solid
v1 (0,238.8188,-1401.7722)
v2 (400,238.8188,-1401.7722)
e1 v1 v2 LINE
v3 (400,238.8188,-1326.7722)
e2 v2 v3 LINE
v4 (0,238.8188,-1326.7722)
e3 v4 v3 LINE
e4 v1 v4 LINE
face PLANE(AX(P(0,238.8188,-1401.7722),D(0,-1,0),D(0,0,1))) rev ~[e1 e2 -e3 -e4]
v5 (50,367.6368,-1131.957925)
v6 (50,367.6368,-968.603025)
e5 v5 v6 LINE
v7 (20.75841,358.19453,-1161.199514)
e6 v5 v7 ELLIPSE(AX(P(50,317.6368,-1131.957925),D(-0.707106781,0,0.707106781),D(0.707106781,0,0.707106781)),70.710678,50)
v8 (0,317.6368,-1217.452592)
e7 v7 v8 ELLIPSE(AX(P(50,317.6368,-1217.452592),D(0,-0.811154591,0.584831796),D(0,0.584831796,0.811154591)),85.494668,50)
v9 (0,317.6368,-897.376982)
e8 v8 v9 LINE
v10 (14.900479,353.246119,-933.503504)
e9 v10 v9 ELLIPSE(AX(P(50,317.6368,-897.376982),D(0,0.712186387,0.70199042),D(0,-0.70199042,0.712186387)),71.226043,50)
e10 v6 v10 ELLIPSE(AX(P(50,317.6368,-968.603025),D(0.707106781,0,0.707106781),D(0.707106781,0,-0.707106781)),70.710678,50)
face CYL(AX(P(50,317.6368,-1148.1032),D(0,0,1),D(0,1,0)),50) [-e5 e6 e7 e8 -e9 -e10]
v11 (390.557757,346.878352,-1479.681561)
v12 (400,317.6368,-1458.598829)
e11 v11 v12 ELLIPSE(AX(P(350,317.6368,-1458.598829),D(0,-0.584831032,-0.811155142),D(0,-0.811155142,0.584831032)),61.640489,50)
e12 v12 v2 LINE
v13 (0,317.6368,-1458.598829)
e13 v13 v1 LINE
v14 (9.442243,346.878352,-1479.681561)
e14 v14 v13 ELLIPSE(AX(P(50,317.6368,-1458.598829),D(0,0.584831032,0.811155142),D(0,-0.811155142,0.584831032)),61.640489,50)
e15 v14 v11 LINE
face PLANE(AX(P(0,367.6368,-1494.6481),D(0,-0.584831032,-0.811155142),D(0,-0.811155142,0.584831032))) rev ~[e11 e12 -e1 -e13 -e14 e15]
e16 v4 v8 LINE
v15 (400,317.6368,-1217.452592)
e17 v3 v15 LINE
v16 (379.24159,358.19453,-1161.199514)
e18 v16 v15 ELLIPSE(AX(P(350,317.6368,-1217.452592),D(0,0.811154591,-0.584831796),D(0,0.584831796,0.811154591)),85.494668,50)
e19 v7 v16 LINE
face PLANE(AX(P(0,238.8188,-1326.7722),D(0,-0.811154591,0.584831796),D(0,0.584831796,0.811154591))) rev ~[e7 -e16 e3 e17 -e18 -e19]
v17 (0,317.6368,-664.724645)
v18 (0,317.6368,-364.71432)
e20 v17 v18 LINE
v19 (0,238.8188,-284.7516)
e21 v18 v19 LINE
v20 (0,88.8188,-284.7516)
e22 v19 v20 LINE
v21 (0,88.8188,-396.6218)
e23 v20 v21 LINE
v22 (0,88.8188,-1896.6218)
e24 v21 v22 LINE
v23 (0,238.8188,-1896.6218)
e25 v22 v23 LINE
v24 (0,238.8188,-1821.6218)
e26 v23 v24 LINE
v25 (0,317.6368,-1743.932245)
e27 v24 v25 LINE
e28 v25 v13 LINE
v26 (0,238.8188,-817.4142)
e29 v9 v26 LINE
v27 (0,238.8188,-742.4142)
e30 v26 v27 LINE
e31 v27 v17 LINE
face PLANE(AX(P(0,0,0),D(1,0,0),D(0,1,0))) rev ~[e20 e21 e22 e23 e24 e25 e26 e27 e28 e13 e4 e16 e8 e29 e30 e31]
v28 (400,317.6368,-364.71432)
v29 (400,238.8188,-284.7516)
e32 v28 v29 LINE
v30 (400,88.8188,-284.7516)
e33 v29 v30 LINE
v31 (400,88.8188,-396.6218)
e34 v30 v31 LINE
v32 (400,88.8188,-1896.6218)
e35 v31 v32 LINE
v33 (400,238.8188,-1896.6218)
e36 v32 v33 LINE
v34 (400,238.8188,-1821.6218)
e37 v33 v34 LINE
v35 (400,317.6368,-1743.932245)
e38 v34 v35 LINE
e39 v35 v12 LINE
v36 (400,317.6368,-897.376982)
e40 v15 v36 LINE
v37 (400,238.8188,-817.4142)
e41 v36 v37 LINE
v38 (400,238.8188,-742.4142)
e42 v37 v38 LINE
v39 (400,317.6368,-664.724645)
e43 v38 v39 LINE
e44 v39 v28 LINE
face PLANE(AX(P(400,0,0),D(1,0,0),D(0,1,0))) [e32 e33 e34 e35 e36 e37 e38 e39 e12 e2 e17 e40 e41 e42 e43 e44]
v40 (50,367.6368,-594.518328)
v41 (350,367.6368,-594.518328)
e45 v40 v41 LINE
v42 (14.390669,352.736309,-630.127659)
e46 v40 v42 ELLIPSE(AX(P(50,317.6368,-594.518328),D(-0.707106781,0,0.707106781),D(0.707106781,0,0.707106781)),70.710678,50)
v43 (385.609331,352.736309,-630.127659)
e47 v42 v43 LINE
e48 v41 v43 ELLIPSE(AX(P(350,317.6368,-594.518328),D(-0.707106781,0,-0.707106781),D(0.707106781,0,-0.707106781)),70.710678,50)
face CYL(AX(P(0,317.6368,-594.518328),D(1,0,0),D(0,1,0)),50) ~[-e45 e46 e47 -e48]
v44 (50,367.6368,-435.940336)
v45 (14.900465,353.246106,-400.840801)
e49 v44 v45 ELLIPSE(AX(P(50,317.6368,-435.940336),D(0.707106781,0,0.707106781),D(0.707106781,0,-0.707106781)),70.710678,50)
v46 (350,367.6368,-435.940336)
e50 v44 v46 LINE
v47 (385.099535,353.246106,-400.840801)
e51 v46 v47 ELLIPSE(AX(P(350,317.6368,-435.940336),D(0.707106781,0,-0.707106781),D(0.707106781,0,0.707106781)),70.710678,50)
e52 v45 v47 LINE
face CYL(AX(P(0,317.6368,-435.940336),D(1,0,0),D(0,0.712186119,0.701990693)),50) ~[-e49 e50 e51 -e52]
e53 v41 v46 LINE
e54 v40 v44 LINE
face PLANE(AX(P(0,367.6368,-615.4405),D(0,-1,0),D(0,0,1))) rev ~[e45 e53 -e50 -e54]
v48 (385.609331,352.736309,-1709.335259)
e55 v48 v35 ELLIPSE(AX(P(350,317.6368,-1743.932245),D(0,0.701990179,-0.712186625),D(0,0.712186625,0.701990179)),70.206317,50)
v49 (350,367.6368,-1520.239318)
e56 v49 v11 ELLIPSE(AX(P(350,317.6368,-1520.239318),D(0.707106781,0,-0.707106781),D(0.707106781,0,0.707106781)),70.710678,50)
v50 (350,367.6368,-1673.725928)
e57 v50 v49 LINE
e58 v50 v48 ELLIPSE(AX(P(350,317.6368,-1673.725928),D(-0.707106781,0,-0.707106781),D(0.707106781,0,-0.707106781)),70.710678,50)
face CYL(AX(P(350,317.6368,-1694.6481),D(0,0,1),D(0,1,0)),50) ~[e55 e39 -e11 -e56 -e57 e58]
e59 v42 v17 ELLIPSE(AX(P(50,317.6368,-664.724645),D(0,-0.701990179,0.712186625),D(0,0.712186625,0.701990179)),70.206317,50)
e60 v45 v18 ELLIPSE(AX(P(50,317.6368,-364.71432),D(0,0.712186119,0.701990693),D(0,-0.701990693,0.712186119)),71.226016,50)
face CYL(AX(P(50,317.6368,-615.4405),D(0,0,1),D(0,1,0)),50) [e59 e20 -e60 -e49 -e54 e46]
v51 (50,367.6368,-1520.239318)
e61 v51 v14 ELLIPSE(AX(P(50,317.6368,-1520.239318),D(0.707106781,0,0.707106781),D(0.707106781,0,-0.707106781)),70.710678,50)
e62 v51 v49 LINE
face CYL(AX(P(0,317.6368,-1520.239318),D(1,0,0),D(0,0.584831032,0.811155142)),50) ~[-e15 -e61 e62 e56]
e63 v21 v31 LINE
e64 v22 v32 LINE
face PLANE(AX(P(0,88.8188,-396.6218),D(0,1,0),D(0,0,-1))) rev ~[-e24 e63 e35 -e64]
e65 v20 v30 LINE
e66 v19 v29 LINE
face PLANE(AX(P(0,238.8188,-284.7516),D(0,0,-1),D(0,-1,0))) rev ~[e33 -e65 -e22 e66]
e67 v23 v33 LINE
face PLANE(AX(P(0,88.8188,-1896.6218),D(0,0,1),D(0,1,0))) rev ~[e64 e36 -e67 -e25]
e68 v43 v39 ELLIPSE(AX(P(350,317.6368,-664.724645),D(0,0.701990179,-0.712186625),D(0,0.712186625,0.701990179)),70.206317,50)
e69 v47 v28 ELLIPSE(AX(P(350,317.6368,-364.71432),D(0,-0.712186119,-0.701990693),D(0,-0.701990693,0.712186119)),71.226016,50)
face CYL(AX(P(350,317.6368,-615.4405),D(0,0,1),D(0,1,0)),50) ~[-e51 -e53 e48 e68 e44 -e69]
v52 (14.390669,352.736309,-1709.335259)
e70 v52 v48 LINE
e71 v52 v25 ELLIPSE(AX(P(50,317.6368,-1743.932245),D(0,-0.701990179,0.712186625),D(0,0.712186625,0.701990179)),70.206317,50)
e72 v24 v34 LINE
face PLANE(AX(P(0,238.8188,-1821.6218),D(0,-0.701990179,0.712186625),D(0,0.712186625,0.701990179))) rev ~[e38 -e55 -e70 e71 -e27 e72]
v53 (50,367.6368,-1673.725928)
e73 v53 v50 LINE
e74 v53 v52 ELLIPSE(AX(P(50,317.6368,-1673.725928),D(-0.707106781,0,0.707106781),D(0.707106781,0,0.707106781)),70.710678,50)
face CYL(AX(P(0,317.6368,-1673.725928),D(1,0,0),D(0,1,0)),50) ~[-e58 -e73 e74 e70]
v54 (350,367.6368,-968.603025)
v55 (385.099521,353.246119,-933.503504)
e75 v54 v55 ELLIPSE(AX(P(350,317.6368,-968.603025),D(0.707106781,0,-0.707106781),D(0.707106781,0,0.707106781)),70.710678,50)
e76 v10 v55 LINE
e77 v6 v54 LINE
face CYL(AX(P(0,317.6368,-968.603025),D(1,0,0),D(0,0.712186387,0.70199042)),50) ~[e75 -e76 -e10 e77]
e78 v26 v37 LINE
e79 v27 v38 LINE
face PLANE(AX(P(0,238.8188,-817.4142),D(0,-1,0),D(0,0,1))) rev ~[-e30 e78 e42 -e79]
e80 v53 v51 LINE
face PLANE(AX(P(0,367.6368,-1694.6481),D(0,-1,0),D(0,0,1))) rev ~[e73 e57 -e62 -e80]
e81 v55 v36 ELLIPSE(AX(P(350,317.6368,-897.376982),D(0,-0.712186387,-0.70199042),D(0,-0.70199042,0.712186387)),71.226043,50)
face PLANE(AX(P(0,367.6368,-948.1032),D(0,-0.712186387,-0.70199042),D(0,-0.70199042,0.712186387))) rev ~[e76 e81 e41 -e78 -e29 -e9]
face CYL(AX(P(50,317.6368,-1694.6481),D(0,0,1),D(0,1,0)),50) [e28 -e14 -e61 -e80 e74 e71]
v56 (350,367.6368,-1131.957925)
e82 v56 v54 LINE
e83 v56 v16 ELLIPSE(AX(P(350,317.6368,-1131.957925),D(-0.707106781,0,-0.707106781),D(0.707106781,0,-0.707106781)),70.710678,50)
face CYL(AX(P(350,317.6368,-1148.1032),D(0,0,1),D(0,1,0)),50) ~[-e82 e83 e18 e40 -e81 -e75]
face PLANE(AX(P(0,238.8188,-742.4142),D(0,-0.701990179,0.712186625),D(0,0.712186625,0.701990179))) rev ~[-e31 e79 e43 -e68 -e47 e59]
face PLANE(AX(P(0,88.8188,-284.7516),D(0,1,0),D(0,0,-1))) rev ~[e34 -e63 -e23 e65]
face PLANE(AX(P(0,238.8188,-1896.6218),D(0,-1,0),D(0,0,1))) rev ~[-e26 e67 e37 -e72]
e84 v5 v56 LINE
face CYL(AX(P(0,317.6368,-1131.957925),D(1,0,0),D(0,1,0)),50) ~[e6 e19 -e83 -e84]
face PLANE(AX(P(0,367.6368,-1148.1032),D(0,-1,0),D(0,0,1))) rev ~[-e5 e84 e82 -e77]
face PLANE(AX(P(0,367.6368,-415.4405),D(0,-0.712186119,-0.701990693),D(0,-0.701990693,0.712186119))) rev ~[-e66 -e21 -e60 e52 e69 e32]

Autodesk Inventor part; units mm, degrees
ref_plane "YZ Plane" through (0, 0, 0) normal (1, 0, 0) x (0, 1, 0)
ref_plane "XZ Plane" through (0, 0, 0) normal (0, 1, 0) x (-1, 0, 0)
ref_plane "XY Plane" through (0, 0, 0) normal (0, 0, 1) x (1, 0, 0)
sketch "Sketch4" plane through (0, 0, 0) normal (1, 0, 0) x (0, 1, 0)
  line L0 (88.8188, -396.6218) -> (88.8188, -1896.6218)
  line L1 (88.8188, -1896.6218) -> (238.8188, -1896.6218)
  line L2 (238.8188, -1896.6218) -> (238.8188, -1821.6218)
  line L3 (238.8188, -1821.6218) -> (367.6368, -1694.6481)
  line L4 (367.6368, -1694.6481) -> (367.6368, -1494.6481)
  line L5 (367.6368, -1494.6481) -> (238.8188, -1401.7722)
  line L6 (238.8188, -1401.7722) -> (238.8188, -1326.7722)
  line L7 (238.8188, -1326.7722) -> (367.6368, -1148.1032)
  line L8 (367.6368, -1148.1032) -> (367.6368, -948.1032)
  line L9 (367.6368, -948.1032) -> (238.8188, -817.4142)
  line L10 (238.8188, -817.4142) -> (238.8188, -742.4142)
  line L11 (238.8188, -742.4142) -> (367.6368, -615.4405)
  line L12 (367.6368, -615.4405) -> (367.6368, -415.4405)
  line L13 (367.6368, -415.4405) -> (238.8188, -284.7516)
  line L14 (238.8188, -284.7516) -> (88.8188, -284.7516)
  line L15 (88.8188, -284.7516) -> (88.8188, -396.6218)
  point P0 (0, 0)
  dimension "d47" = 1500
  dimension "d48" = 150
  dimension "d49" = 75
  dimension "d50" = 200
  dimension "d51" = 75
  dimension "d52" = 200
  dimension "d53" = 75
  dimension "d54" = 200
extrude "Extrusion4" add sketch "Sketch4" along normal blind 400
fillet "Fillet5" radius 50 12 edges at (200, 367.6368, -415.4405) (400, 367.6368, -515.4405) (200, 367.6368, -615.4405) (200, 367.6368, -948.1032) (0, 367.6368, -515.4405) (0, 367.6368, -1048.1032) (200, 367.6368, -1148.1032) (400, 367.6368, -1048.1032) (200, 367.6368, -1494.6481) (400, 367.6368, -1594.6481) (200, 367.6368, -1694.6481) (0, 367.6368, -1594.6481)
properties part number "mould"
